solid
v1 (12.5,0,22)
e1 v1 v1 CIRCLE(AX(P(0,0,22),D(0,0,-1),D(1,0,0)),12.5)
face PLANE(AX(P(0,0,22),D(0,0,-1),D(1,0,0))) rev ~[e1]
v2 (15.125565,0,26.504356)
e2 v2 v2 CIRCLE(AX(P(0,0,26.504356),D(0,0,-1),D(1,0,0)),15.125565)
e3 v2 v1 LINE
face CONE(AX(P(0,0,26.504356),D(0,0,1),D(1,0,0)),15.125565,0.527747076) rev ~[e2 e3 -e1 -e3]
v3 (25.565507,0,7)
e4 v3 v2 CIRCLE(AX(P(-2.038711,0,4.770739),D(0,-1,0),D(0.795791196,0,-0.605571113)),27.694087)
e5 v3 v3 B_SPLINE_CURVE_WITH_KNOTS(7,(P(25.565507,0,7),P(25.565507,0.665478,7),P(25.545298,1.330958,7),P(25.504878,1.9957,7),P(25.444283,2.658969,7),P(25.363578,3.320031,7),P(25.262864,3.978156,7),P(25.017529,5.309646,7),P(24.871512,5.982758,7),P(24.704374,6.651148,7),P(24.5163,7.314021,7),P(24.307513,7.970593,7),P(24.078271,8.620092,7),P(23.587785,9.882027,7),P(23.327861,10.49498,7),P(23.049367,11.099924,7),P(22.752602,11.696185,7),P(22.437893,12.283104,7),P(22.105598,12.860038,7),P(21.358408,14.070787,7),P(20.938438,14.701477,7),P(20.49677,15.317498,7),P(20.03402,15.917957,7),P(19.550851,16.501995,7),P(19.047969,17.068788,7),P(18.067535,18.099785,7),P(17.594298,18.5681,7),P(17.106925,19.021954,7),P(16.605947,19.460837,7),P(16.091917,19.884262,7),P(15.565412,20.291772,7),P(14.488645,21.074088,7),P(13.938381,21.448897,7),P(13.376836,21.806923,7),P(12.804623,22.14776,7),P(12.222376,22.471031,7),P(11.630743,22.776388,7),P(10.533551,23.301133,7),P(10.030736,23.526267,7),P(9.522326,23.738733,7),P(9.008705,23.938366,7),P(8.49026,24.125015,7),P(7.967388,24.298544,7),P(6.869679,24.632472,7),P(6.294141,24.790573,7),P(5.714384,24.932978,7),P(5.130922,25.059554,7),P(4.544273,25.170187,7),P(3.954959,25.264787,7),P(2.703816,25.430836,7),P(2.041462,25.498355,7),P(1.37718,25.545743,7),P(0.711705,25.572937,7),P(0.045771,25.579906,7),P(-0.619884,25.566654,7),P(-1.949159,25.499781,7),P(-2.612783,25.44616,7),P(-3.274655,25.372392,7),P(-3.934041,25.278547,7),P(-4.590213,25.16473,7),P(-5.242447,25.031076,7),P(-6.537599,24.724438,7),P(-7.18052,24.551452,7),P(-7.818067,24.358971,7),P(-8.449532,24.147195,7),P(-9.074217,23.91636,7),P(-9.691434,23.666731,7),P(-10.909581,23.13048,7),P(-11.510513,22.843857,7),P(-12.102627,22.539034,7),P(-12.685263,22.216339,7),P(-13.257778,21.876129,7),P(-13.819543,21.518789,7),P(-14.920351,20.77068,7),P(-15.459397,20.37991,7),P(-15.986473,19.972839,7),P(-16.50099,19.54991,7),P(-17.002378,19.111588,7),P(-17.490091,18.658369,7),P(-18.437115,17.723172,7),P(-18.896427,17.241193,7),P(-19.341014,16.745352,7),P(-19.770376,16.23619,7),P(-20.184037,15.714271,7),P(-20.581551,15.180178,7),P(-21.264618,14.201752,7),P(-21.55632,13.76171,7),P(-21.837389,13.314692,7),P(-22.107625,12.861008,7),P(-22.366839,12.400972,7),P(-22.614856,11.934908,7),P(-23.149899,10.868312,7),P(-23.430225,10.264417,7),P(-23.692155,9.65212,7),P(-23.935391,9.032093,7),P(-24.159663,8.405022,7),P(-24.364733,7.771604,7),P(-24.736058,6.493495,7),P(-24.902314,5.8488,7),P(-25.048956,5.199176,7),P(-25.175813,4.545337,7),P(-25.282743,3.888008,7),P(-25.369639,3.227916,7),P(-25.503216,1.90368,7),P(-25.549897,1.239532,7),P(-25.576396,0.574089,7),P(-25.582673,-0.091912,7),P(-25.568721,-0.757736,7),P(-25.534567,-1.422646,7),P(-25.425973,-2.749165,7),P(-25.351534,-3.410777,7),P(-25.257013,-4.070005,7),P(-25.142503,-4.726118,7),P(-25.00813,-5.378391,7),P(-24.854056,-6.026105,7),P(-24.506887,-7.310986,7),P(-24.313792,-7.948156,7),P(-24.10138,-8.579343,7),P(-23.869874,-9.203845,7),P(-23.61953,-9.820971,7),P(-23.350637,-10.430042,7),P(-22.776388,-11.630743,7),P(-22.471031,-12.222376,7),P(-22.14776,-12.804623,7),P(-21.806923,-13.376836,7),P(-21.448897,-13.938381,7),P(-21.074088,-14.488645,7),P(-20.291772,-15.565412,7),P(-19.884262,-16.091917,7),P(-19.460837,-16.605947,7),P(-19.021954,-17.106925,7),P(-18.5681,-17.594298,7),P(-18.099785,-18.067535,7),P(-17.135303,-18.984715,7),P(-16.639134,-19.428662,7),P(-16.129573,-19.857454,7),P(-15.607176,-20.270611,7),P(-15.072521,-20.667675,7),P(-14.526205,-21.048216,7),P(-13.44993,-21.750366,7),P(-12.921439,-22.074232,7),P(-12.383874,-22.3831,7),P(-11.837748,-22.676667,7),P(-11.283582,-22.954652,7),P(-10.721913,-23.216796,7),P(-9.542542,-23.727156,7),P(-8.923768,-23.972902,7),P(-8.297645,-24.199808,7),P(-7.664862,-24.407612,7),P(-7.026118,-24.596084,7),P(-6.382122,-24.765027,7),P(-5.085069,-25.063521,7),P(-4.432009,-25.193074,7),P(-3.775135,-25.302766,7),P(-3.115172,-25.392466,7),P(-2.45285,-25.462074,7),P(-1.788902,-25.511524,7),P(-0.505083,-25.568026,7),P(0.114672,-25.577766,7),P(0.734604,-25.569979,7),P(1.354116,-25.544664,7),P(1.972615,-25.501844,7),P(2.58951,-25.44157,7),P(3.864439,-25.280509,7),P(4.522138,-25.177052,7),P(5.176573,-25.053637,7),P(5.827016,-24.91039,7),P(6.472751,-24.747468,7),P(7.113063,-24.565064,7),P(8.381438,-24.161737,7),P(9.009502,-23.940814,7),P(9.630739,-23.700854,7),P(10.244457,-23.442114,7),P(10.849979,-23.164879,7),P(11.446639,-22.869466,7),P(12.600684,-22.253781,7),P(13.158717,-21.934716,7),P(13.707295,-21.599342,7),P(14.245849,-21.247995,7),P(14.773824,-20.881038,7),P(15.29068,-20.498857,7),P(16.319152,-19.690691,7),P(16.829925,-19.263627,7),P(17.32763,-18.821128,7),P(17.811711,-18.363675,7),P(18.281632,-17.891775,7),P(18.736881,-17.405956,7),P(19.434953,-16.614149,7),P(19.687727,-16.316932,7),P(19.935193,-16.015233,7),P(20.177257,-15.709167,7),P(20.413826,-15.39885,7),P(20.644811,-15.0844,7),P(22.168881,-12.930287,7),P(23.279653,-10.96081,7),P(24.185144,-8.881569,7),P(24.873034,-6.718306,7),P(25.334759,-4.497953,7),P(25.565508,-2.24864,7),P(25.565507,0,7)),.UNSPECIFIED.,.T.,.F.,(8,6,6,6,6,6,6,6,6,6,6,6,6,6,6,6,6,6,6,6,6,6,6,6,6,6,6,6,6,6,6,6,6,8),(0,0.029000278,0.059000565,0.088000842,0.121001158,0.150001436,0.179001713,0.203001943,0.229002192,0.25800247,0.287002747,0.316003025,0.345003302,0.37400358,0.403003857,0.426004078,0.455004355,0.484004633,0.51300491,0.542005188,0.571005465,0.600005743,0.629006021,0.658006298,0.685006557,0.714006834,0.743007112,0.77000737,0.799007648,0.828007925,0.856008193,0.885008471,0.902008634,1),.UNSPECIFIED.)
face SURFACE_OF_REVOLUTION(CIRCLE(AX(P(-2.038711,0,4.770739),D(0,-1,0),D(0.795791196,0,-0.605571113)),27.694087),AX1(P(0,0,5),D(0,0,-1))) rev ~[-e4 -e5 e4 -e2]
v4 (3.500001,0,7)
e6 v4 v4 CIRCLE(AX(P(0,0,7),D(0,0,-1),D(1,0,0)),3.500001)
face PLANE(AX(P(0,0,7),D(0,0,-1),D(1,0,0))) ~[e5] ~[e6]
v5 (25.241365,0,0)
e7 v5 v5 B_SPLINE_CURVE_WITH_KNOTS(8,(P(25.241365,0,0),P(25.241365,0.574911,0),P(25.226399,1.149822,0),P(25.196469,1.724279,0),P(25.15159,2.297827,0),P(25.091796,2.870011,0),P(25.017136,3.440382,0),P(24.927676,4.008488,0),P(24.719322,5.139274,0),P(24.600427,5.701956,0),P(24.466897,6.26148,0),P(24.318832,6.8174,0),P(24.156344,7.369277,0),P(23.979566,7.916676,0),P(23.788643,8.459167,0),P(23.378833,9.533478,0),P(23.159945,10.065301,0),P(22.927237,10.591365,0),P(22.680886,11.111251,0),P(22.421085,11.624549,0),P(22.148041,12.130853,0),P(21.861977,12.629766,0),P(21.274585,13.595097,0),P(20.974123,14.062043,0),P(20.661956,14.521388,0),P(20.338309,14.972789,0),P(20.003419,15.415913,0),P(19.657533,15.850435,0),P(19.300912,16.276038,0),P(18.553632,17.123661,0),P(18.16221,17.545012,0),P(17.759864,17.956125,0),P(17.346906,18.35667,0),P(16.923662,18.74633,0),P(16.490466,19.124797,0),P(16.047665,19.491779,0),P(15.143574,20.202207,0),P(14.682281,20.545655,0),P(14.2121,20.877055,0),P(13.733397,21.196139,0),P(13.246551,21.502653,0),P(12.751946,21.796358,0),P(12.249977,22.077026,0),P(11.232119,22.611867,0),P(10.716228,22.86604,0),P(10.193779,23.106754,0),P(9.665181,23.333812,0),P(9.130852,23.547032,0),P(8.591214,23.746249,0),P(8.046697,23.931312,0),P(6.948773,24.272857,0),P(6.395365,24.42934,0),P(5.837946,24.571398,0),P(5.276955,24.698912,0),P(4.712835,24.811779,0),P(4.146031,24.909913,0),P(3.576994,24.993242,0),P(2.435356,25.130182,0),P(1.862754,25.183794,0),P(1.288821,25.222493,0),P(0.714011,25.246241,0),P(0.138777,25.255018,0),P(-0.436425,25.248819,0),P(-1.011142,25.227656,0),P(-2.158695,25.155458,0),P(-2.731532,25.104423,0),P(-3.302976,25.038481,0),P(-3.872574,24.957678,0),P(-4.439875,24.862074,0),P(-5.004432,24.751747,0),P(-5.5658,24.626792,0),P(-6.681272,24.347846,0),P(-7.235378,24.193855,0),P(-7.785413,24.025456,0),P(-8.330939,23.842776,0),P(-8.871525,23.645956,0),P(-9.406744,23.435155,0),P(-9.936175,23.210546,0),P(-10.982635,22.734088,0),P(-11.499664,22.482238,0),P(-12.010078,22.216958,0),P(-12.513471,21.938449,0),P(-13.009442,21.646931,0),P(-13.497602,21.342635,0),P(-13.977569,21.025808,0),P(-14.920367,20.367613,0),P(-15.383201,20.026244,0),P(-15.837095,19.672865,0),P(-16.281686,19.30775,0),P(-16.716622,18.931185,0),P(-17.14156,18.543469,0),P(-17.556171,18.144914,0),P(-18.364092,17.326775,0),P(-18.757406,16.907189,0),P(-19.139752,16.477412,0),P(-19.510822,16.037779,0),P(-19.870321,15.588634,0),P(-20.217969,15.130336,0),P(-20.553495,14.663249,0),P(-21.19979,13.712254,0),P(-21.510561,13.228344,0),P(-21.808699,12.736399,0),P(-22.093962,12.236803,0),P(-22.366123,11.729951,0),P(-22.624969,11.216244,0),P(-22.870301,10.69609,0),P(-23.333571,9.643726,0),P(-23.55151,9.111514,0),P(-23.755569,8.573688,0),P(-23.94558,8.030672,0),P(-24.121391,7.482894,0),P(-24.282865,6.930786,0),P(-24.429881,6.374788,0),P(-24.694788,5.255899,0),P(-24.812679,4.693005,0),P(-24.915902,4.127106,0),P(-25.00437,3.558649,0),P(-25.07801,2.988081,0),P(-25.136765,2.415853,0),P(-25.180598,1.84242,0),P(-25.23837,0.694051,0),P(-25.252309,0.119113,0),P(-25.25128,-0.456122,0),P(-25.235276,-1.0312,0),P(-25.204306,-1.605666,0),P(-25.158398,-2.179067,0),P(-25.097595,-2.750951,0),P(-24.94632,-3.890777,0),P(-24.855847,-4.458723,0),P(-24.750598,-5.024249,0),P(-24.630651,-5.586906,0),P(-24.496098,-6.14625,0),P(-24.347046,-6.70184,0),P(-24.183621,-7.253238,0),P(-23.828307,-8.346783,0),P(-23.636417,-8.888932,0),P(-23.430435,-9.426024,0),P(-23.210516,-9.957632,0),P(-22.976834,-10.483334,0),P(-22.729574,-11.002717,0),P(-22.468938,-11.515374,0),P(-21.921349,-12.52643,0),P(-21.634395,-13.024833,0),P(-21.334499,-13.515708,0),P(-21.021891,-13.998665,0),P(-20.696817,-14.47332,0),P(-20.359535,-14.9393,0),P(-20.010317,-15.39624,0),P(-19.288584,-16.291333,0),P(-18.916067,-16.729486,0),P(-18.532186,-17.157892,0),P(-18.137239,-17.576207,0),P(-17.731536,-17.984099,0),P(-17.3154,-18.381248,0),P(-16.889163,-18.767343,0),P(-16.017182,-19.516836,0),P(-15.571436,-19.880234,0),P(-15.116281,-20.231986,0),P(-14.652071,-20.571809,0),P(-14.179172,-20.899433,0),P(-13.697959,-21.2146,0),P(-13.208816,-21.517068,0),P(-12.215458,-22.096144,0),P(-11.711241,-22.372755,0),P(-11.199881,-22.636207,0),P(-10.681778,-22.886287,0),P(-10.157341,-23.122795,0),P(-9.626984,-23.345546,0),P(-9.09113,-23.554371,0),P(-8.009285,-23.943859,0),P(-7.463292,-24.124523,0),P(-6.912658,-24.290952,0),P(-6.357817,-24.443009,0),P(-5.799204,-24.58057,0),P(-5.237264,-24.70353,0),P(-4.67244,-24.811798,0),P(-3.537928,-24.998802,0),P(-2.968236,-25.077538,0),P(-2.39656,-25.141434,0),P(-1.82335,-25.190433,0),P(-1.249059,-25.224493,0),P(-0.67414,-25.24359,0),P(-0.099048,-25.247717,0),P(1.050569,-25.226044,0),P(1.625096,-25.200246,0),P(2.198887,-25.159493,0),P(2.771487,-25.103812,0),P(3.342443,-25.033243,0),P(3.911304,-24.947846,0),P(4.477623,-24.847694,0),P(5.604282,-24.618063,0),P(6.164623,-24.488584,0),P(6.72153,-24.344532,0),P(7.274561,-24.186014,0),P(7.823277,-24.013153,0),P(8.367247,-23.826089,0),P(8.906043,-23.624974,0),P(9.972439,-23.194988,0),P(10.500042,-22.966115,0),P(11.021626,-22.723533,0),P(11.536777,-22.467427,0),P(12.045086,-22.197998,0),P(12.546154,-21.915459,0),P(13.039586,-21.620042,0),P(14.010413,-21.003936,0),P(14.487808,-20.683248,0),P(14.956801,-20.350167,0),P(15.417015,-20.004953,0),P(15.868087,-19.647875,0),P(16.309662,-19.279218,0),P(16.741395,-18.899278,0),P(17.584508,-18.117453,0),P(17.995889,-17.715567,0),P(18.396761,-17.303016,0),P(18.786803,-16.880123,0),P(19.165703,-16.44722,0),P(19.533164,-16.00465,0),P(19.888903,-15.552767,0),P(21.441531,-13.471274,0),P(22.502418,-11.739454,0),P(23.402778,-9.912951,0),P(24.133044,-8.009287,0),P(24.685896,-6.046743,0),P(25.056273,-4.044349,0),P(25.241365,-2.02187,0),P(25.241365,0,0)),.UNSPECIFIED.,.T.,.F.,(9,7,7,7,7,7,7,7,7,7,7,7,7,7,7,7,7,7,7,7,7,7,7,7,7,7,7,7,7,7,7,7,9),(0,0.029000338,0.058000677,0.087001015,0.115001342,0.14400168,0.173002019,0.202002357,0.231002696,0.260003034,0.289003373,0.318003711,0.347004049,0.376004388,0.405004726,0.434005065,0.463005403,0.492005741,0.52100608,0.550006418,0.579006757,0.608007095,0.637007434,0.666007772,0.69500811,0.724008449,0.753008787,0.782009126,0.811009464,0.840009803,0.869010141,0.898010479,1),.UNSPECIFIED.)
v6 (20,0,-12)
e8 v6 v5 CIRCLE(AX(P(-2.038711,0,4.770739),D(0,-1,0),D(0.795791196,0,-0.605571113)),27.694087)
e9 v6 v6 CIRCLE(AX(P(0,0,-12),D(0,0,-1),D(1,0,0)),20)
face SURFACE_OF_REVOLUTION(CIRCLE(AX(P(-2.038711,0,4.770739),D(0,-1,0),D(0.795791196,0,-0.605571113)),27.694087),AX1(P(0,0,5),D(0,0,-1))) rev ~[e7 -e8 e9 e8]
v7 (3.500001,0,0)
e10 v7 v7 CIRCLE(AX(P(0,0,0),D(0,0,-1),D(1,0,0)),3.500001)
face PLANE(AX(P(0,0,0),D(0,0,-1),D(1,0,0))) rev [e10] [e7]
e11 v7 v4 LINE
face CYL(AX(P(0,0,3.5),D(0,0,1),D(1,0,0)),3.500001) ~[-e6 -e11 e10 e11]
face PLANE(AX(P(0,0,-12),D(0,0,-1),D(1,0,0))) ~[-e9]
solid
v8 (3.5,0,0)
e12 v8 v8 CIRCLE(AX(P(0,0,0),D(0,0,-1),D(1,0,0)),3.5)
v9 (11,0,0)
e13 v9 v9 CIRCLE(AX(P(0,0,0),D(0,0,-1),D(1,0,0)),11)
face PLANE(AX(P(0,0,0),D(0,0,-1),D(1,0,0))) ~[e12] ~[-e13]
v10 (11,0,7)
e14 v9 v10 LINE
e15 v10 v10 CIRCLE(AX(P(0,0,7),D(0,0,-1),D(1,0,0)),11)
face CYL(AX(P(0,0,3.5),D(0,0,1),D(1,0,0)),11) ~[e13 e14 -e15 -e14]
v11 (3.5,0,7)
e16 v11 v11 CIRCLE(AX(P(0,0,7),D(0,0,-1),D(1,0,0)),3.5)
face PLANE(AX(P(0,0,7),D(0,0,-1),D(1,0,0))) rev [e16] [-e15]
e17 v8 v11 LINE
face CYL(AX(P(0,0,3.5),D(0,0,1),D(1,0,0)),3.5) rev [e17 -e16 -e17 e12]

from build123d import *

# Parameters (mm, degrees)
F2_W = 25.197219
F2_H = 7
F1_W = 7.5
F1_H = 7


with BuildPart() as f3:
    # F0 (on Front) → F3 (revolve)
    with BuildSketch(Plane.XZ):
        with BuildLine():
            Line((0, 22), (0, -12))
            Line((0, -12), (20, -12))
            ThreePointArc((20, -12), (25.436094, 8.248895), (15.125565, 26.504356))
            Line((15.125565, 26.504356), (12.5, 22))
            Line((12.5, 22), (0, 22))
        make_face()
    revolve(axis=Axis((0, 0, 5), (0, 0, -1)))

    # F2 (on Front) → F4 (revolve, cut)
    with BuildSketch(Plane.XZ):
        with Locations((16.09861, 3.5)):
            Rectangle(F2_W, F2_H)
    revolve(axis=Axis((0, 0, 5), (0, 0, -1)), mode=Mode.SUBTRACT)


with BuildPart() as f5:
    # F1 (on Front) → F5 (revolve)
    with BuildSketch(Plane.XZ):
        with Locations((7.25, 3.5)):
            Rectangle(F1_W, F1_H)
    revolve(axis=Axis((0, 0, 5), (0, 0, -1)))


solid = Compound([f3.part, f5.part])
